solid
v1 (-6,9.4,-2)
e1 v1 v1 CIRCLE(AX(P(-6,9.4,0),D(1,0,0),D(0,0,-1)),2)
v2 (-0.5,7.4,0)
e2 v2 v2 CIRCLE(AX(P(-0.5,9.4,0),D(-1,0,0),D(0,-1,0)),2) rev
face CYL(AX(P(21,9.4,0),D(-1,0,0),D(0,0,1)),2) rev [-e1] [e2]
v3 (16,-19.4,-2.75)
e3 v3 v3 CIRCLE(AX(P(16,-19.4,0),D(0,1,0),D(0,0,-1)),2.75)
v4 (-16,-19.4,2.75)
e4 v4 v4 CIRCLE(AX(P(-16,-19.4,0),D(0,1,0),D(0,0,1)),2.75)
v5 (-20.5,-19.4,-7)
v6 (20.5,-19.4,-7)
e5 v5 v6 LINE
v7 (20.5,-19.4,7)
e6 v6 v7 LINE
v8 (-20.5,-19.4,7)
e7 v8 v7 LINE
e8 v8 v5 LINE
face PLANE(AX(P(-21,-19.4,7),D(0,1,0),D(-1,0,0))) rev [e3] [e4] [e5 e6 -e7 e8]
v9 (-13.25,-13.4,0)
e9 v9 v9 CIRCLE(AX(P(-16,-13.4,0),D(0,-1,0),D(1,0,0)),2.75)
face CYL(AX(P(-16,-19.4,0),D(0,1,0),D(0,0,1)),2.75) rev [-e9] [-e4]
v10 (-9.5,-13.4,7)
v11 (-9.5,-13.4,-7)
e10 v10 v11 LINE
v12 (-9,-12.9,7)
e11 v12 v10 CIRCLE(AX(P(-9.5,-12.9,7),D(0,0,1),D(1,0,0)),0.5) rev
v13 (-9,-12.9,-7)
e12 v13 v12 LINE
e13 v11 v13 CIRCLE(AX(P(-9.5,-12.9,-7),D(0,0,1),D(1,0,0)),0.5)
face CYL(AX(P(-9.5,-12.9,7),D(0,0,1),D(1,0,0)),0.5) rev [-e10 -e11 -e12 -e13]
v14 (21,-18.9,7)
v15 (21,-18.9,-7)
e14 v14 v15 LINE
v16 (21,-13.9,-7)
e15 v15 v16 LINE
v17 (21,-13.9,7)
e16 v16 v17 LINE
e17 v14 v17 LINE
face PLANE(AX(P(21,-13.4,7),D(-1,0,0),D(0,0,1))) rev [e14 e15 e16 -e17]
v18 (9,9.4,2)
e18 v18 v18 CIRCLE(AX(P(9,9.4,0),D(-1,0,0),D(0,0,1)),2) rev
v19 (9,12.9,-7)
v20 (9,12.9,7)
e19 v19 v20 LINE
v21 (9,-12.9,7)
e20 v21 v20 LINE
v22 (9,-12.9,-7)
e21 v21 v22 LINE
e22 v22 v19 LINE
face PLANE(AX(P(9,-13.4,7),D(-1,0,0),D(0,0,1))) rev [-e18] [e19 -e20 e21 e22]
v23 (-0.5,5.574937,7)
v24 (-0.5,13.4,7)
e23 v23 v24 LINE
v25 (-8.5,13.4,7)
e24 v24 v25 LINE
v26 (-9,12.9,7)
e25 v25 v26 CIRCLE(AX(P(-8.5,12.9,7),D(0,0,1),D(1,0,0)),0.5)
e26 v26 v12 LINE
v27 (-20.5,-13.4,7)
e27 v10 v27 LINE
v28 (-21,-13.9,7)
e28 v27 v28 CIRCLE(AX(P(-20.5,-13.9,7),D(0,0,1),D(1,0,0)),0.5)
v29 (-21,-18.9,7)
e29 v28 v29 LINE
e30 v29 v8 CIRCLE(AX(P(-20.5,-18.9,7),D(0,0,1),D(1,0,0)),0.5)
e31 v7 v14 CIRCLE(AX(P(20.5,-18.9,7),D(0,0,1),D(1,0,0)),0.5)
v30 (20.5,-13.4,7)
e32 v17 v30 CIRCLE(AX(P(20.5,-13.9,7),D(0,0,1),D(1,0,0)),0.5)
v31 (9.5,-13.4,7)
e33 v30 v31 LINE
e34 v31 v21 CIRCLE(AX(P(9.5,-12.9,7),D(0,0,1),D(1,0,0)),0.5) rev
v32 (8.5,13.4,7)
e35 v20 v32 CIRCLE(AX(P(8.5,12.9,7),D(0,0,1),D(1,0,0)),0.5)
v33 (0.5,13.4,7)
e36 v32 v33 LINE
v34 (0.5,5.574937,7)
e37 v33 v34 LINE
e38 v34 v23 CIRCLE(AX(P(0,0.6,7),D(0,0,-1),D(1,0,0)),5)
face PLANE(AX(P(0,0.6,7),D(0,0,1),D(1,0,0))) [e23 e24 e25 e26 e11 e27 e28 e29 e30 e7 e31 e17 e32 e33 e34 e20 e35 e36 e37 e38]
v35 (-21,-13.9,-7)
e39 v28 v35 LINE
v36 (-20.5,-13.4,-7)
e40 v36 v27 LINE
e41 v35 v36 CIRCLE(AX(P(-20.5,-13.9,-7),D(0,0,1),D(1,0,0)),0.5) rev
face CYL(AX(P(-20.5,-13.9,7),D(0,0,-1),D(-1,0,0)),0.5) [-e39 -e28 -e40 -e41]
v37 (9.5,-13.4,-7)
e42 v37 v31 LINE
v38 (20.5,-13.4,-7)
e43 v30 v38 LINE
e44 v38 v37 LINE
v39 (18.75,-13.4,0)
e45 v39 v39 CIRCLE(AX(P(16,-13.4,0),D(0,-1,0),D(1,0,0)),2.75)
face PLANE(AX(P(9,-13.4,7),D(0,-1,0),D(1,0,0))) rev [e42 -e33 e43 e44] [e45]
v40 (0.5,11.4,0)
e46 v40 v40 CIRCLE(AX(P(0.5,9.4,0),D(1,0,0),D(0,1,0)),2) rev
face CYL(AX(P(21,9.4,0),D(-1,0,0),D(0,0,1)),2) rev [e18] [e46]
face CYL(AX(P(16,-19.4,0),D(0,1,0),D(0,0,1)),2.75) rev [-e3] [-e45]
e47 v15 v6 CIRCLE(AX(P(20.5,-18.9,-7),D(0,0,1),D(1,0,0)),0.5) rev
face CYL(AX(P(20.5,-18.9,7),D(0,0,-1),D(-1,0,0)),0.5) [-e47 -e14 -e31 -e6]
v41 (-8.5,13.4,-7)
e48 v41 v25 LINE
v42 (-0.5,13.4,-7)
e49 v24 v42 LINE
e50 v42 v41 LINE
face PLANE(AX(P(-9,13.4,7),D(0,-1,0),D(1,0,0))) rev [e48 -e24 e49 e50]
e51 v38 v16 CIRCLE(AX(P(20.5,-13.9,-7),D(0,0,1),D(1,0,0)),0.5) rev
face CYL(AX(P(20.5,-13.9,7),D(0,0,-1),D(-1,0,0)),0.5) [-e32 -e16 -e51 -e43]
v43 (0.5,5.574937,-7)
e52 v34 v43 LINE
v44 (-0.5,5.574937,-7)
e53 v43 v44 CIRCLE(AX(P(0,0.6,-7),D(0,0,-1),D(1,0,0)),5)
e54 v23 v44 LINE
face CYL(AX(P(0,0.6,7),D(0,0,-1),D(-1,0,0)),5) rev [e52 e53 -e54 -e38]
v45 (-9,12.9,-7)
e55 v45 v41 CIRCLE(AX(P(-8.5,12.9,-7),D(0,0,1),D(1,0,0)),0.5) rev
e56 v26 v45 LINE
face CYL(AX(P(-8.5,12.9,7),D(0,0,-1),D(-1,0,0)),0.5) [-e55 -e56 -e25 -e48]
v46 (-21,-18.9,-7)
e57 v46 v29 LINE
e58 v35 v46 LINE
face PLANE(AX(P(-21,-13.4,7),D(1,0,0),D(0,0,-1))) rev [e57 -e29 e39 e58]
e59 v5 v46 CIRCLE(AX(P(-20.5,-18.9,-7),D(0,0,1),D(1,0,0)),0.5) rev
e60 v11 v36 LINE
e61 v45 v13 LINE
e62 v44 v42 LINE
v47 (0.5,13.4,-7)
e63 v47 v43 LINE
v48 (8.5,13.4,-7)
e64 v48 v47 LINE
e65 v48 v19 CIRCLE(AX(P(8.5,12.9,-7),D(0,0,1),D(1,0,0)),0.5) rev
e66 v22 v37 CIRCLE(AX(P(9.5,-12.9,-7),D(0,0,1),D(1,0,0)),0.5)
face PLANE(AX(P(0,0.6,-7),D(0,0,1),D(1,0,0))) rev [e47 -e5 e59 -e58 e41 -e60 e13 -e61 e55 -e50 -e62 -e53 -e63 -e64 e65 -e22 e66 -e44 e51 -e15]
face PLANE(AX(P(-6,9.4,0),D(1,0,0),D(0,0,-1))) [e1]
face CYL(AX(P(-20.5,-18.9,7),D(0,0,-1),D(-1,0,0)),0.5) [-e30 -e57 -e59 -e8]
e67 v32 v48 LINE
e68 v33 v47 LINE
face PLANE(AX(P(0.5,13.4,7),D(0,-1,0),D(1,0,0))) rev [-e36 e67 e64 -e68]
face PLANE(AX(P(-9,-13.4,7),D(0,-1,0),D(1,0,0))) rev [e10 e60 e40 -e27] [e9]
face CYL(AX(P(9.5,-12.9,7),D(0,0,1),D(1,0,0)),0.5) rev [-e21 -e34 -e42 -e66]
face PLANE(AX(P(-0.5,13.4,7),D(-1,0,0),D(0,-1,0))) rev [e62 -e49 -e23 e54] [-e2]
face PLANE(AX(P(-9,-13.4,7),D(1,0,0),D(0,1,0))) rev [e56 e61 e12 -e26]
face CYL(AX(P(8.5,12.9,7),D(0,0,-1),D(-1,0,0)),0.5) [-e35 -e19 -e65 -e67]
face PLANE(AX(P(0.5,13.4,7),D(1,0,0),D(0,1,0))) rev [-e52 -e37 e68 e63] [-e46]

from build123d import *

# Parameters (mm, degrees)
BOSS_EXTRUDE1_DEPTH     = 7
SKETCH2_R               = 2.75
CUT_EXTRUDE1_DEPTH      = 30.433993953
CUT_EXTRUDE2_DEPTH      = 30.433993953
CUT_EXTRUDE2_DEPTH_BACK = 6
SKETCH3_R               = 2
FILLET1_R               = 0.5


with BuildPart() as part:
    # Sketch1 → Boss-Extrude1 (new, symmetric)
    with BuildSketch(Plane.XY):
        with BuildLine():
            Line((-9, -13.4), (-9, 13.4))
            Line((-9, 13.4), (-0.5, 13.4))
            Line((-0.5, 13.4), (-0.5, 5.574937186))
            ThreePointArc((-0.5, 5.574937186), (0, -4.4), (0.5, 5.574937186))
            Line((0.5, 5.574937186), (0.5, 13.4))
            Line((0.5, 13.4), (9, 13.4))
            Line((9, 13.4), (9, -13.4))
            Line((9, -13.4), (21, -13.4))
            Line((21, -13.4), (21, -19.4))
            Line((21, -19.4), (-21, -19.4))
            Line((-21, -19.4), (-21, -13.4))
            Line((-21, -13.4), (-9, -13.4))
        make_face()
    extrude(amount=BOSS_EXTRUDE1_DEPTH, both=True)

    # Sketch2 → Cut-Extrude1 (cut, through all)
    with BuildSketch(Plane(origin=(0, 0, 0), x_dir=(1, 0, 0), z_dir=(0, 1, 0))):
        with Locations(Location((-16, 0, 0), (0, 0, 270))):
            Circle(SKETCH2_R)
        with Locations((16, 0)):
            Circle(SKETCH2_R)
    extrude(amount=-CUT_EXTRUDE1_DEPTH, mode=Mode.SUBTRACT)

    # Sketch3 → Cut-Extrude2 (cut, two sides: drawn at the far end of the back side and taken through both)
    with BuildSketch(Plane(origin=(0, 0, 0), x_dir=(0, 0, -1), z_dir=(1, 0, 0)).offset(-CUT_EXTRUDE2_DEPTH_BACK)):
        with Locations(Location((0, 9.4, 0), (0, 0, 180))):
            Circle(SKETCH3_R)
    extrude(amount=CUT_EXTRUDE2_DEPTH + CUT_EXTRUDE2_DEPTH_BACK, mode=Mode.SUBTRACT)

    # Fillet1
    fillet1_edges = [part.edges().sort_by_distance(p)[0] for p in [
        (9, 13.4, 0),
        (9, -13.4, 0),
        (21, -13.4, 0),
        (21, -19.4, 0),
        (-21, -19.4, 0),
        (-21, -13.4, 0),
        (-9, -13.4, 0),
        (-9, 13.4, 0),
    ]]
    fillet(fillet1_edges, radius=FILLET1_R)


solid = part.part
